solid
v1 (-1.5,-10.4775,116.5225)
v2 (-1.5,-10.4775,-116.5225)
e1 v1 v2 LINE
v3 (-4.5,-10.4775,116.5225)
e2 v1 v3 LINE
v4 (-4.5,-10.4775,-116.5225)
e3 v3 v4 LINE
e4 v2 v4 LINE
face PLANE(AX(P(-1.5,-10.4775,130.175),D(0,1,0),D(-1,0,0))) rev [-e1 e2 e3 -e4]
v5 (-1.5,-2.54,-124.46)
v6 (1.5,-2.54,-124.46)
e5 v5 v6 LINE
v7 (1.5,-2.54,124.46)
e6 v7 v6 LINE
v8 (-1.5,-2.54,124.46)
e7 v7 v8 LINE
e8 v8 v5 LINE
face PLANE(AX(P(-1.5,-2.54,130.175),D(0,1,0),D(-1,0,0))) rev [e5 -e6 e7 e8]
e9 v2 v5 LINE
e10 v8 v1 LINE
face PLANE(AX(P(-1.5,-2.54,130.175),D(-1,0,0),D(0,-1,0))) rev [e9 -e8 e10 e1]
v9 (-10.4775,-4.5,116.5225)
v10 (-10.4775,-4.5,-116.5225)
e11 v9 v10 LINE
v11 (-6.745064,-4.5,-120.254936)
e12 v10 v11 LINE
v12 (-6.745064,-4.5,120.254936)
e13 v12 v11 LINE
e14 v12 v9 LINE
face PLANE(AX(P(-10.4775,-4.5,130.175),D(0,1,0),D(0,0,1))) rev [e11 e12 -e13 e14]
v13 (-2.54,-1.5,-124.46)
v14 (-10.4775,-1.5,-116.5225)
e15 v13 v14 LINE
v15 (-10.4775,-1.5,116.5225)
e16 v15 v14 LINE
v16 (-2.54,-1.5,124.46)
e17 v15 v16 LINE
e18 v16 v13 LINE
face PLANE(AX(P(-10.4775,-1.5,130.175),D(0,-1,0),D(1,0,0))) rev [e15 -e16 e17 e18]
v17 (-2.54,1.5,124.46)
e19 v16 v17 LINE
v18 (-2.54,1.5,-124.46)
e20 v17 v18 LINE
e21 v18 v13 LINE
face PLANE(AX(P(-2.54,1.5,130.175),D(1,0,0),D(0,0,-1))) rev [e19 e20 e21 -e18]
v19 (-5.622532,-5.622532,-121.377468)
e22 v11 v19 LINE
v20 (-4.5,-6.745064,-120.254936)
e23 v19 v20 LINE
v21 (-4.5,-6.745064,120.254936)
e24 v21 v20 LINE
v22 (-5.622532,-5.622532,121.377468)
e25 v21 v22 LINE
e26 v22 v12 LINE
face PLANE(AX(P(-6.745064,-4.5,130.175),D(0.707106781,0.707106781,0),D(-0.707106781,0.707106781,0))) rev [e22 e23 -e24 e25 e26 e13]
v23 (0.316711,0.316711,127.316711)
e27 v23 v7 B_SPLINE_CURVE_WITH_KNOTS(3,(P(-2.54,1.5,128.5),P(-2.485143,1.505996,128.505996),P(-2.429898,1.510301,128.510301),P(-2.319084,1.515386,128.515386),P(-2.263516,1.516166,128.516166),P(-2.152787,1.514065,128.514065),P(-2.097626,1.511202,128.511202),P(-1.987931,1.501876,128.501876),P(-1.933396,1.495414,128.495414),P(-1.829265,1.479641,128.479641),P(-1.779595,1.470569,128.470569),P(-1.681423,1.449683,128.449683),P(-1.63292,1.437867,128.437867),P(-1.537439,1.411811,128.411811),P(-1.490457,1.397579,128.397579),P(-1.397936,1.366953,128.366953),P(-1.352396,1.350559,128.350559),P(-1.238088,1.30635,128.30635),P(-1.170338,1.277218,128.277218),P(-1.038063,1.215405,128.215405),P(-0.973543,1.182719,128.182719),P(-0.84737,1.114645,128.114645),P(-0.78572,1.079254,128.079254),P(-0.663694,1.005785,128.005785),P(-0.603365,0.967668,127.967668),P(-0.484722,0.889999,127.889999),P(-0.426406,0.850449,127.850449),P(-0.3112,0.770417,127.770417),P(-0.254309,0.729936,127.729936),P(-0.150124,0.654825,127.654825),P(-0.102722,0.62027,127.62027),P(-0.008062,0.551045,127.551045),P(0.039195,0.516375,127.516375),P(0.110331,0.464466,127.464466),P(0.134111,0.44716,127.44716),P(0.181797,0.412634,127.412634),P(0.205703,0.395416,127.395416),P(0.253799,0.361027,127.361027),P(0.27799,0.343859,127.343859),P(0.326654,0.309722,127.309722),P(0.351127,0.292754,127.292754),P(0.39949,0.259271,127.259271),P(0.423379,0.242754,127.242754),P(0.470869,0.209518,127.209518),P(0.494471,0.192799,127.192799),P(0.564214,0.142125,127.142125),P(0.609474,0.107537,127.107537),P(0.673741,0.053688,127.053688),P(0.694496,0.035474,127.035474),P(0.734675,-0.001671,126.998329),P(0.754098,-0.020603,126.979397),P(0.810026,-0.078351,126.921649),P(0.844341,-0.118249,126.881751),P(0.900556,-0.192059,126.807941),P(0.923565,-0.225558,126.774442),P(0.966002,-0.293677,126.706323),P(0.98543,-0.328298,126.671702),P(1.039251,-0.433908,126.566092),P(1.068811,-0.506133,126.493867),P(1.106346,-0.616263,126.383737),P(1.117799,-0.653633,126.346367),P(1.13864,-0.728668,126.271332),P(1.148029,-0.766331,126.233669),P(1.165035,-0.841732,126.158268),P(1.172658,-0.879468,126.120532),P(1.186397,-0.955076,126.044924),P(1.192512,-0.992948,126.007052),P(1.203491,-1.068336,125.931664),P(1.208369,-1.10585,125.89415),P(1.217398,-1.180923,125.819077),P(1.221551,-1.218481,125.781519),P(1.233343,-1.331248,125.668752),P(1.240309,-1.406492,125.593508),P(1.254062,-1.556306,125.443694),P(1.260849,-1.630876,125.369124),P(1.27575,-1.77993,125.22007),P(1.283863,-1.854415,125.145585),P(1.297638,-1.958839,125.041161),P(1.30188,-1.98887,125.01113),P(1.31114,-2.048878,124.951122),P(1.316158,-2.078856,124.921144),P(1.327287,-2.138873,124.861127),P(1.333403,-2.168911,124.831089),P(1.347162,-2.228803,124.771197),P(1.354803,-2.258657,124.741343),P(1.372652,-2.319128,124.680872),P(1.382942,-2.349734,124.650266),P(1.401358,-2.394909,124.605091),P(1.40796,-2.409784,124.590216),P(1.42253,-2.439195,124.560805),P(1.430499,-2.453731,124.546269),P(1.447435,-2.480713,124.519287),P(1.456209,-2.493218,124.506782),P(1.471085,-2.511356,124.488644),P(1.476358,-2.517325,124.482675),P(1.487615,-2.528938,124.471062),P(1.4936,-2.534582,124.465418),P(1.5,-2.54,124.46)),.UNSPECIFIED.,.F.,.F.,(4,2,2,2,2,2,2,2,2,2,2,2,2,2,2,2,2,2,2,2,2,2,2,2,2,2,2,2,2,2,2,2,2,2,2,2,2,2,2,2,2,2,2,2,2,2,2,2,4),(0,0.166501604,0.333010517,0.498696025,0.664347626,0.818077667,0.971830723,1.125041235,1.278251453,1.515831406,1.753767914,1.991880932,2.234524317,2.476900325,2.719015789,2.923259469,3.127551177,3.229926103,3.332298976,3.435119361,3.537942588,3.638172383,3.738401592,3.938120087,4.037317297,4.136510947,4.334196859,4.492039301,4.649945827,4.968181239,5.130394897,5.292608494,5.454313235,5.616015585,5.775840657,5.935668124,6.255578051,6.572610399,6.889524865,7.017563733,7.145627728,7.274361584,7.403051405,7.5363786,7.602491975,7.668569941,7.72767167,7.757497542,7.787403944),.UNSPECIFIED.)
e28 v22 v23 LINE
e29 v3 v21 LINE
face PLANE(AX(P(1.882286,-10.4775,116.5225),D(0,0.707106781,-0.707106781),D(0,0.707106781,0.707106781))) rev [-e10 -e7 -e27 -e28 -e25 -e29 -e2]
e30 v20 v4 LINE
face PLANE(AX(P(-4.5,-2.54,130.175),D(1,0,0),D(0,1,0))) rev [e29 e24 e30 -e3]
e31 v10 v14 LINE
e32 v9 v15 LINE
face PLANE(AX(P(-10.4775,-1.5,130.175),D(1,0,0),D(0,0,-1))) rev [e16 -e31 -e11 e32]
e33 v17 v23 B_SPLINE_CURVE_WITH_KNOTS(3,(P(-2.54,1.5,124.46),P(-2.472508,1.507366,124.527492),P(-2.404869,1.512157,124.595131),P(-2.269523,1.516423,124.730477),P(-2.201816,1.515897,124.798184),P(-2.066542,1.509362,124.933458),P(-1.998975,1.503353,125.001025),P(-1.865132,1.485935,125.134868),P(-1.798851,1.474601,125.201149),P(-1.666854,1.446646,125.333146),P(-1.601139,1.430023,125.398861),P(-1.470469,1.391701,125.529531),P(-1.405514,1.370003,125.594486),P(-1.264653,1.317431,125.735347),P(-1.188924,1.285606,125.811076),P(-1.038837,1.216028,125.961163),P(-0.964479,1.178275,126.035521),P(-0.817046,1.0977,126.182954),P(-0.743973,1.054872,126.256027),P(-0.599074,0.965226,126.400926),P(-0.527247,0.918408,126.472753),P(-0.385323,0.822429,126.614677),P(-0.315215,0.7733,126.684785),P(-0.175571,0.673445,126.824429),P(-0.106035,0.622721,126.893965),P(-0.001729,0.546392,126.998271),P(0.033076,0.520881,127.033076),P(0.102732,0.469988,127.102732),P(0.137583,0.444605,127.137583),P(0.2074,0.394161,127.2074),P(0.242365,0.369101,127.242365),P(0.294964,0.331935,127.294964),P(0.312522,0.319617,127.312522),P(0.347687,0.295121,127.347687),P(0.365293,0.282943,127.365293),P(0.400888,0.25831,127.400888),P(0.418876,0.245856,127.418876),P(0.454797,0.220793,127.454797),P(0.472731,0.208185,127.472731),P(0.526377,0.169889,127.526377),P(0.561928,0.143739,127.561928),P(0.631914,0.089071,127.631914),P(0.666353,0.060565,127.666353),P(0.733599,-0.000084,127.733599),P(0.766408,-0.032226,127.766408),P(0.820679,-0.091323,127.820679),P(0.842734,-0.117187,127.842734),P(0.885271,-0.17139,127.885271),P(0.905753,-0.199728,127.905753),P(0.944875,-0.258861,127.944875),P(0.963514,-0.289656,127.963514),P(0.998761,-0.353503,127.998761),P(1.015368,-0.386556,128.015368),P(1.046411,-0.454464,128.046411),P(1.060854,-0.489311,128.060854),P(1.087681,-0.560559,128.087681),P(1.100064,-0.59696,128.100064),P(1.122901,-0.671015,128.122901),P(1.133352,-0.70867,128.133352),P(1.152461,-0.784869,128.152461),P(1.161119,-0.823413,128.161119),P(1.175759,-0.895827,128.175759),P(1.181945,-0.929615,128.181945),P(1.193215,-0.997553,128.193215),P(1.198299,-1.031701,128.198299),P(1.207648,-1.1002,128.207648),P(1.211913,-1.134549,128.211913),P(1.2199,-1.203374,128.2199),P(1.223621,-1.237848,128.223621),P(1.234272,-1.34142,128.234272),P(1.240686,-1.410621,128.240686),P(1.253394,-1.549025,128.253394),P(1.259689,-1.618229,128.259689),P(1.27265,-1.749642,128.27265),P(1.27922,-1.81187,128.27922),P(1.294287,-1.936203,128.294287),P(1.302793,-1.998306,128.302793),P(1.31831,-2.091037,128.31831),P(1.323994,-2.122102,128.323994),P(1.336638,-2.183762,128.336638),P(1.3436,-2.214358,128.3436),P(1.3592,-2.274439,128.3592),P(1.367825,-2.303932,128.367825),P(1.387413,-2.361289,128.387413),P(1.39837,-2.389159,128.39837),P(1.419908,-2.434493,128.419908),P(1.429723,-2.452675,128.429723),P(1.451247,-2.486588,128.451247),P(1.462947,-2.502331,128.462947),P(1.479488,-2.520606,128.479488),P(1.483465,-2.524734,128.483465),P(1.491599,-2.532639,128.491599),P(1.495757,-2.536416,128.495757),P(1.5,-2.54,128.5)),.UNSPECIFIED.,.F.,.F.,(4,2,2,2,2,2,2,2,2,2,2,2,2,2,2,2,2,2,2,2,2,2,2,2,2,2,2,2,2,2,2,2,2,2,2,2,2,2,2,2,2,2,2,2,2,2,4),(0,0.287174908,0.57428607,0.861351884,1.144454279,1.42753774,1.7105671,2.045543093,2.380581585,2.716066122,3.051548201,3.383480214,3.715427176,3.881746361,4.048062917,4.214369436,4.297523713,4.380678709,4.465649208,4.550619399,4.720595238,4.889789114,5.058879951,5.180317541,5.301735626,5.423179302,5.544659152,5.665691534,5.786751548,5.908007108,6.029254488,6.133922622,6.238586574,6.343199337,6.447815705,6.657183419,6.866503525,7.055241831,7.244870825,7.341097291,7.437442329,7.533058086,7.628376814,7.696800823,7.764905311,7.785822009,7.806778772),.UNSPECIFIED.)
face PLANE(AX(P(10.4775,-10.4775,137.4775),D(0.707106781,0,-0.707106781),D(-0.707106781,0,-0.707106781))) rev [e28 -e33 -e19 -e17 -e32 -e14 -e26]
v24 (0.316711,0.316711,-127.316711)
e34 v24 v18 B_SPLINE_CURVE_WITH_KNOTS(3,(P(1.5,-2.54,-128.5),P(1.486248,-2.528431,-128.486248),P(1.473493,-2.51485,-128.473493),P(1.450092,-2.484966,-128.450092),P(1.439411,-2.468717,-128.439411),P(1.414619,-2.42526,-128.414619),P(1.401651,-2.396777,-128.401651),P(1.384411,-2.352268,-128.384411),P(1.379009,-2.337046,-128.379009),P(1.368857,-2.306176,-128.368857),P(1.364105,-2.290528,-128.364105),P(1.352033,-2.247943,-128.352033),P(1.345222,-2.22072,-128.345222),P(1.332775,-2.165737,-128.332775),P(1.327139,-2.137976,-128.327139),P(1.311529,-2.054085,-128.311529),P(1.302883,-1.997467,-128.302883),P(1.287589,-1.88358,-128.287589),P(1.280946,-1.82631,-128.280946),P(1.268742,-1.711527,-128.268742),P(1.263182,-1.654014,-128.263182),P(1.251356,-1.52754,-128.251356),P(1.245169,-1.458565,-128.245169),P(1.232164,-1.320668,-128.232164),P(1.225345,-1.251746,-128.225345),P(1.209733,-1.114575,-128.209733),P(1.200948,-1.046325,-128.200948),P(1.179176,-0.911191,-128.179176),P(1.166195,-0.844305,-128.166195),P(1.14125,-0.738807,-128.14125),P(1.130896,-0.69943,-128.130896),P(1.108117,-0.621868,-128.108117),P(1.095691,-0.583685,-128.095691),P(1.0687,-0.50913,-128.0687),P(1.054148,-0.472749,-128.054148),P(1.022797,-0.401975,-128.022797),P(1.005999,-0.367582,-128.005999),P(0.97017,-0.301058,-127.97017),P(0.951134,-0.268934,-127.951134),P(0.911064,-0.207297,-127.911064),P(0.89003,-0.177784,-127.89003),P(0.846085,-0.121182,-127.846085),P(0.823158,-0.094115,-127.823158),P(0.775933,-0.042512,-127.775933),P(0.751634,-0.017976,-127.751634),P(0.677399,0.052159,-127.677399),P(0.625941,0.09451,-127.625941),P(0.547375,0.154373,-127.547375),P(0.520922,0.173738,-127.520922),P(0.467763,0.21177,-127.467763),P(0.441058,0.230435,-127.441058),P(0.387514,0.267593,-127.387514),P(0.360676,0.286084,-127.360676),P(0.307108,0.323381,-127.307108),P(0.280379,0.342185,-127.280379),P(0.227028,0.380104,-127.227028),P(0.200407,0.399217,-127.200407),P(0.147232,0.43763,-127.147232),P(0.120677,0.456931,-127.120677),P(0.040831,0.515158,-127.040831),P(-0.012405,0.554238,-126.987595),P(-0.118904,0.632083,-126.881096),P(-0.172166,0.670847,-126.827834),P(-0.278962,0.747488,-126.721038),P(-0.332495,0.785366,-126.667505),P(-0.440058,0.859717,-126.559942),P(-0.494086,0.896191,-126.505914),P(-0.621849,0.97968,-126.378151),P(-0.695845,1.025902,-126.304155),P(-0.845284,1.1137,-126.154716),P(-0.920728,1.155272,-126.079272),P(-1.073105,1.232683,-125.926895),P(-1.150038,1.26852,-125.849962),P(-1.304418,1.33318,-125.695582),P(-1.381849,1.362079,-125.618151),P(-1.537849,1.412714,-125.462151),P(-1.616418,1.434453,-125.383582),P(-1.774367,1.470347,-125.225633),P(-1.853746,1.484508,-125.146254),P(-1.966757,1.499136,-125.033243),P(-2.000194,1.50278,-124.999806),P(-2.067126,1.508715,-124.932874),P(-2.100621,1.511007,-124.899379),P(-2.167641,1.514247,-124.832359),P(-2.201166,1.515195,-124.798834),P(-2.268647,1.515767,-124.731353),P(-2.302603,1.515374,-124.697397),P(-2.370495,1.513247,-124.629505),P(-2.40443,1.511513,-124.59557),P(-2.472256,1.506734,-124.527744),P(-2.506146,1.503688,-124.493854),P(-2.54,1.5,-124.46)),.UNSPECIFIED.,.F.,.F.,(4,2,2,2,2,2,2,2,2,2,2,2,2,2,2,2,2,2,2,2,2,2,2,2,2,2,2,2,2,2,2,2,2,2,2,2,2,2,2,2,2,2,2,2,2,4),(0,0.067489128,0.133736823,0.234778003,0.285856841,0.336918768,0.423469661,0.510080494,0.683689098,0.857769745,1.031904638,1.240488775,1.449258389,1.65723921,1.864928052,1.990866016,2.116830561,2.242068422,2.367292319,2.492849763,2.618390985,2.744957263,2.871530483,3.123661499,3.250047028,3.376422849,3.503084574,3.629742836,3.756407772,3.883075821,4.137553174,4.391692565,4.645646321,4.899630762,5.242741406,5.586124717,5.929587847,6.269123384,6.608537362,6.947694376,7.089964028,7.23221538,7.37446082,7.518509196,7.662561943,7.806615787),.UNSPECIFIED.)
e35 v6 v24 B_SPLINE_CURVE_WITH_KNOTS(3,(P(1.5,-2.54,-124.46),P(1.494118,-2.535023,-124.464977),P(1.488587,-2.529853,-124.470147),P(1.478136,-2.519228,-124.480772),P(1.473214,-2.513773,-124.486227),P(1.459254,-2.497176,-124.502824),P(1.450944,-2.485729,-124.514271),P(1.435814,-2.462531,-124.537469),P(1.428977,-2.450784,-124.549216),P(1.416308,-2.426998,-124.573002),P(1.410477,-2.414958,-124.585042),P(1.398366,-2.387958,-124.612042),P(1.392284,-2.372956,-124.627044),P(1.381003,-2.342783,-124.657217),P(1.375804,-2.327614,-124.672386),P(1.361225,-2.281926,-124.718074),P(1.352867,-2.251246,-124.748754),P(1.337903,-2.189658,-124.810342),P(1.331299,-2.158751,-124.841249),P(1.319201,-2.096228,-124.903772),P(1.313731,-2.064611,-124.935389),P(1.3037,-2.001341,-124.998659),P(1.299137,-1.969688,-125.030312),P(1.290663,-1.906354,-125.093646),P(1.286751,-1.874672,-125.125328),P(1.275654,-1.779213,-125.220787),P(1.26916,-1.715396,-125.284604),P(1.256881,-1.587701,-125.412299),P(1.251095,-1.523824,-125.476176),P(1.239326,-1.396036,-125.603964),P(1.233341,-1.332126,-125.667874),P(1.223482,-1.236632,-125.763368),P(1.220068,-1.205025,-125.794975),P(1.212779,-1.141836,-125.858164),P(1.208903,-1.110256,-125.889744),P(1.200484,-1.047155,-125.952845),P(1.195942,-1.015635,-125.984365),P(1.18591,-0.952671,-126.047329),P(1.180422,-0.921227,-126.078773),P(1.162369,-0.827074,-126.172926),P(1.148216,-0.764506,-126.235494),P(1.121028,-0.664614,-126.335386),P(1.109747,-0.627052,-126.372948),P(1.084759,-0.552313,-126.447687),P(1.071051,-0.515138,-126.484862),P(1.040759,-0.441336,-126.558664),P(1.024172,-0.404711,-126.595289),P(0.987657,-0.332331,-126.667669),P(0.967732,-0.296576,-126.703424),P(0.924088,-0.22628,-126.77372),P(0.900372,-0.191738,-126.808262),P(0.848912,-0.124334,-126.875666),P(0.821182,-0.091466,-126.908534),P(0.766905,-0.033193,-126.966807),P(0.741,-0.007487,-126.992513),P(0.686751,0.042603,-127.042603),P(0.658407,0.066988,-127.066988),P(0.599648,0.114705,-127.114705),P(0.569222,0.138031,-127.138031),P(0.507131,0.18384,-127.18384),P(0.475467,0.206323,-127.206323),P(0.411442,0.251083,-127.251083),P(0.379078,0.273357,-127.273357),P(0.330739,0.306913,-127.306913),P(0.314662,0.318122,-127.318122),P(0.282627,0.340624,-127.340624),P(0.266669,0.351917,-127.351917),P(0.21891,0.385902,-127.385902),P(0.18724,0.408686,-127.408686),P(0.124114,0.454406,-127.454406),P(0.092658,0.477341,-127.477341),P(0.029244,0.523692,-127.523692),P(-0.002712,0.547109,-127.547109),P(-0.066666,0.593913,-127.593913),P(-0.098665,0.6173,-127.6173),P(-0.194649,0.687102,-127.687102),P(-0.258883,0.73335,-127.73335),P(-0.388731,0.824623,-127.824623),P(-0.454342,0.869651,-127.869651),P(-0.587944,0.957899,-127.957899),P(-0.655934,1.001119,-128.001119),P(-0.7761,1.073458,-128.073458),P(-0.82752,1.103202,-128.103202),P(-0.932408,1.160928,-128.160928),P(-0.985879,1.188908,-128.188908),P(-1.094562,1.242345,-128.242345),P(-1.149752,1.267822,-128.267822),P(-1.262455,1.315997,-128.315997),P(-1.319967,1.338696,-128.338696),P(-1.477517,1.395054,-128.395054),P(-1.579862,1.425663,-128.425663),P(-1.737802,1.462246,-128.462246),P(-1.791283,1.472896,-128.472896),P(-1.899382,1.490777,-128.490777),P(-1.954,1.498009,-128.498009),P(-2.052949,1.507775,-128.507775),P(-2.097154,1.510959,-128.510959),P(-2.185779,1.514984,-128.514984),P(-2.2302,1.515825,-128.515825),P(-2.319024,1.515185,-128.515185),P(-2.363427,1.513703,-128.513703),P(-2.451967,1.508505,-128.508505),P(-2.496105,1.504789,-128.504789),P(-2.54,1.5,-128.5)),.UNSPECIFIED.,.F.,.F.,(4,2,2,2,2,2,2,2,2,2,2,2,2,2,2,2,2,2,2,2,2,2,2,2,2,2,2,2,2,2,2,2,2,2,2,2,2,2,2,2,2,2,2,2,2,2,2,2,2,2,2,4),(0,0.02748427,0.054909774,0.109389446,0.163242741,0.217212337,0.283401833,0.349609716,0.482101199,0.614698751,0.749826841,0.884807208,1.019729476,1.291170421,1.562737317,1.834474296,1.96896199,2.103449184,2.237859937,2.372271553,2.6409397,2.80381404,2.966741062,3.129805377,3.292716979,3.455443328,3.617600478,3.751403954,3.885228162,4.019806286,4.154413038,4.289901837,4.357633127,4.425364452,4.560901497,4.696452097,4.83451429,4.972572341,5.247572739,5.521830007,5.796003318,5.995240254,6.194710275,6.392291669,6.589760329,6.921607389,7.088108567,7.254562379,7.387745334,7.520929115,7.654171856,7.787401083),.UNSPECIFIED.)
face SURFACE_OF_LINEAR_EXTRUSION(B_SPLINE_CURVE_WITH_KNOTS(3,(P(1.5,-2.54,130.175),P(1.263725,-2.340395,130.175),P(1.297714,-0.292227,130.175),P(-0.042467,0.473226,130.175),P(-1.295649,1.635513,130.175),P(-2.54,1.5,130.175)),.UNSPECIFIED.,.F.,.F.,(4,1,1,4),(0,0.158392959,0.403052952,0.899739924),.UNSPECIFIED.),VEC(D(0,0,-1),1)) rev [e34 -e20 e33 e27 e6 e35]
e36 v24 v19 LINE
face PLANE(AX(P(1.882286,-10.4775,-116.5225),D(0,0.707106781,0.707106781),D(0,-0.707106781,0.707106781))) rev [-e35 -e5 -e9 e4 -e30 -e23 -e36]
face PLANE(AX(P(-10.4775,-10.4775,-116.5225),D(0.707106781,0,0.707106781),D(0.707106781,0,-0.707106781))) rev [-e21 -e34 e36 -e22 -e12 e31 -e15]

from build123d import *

# Parameters (mm, degrees)
SKETCH7_W               = 7.9375
SKETCH7_H               = 3.000000096
BOSS_EXTRUDE2_DEPTH     = 130.175
SKETCH8_W               = 3.000000096
SKETCH8_H               = 7.9375
BOSS_EXTRUDE3_DEPTH     = 130.175
BOSS_EXTRUDE4_DEPTH     = 130.175
CUT_EXTRUDE4_DEPTH      = 132.01559704
CUT_EXTRUDE4_DEPTH_BACK = 132.01559704
CUT_EXTRUDE5_DEPTH      = 130.351482615
CUT_EXTRUDE5_DEPTH_BACK = 130.351482615


with BuildPart() as part:
    # Sketch7 → Boss-Extrude2 (new, symmetric)
    with BuildSketch(Plane.XY):
        with Locations((-6.50875, -3.000000096)):
            Rectangle(SKETCH7_W, SKETCH7_H)
    extrude(amount=BOSS_EXTRUDE2_DEPTH, both=True)

    # Sketch8 → Boss-Extrude3 (add, symmetric)
    with BuildSketch(Plane.XY):
        with Locations((-3.000000096, -6.50875)):
            Rectangle(SKETCH8_W, SKETCH8_H)
    extrude(amount=BOSS_EXTRUDE3_DEPTH, both=True)

    # Sketch11 → Boss-Extrude4 (add, symmetric)
    with BuildSketch(Plane.XY):
        with BuildLine():
            Line((-2.54, 1.500000048), (-2.54, -1.500000048))
            Line((-2.54, -1.500000048), (-10.4775, -1.500000048))
            Line((-10.4775, -1.500000048), (-10.4775, -4.500000144))
            Line((-10.4775, -4.500000144), (-6.745064174, -4.500000144))
            Line((-6.745064174, -4.500000144), (-4.500000144, -6.745064174))
            Line((-4.500000144, -6.745064174), (-4.500000144, -10.4775))
            Line((-4.500000144, -10.4775), (-1.500000048, -10.4775))
            Line((-1.500000048, -10.4775), (-1.500000048, -2.54))
            Line((-1.500000048, -2.54), (1.500000048, -2.54))
            add(Edge.make_bspline(
                [(-2.54, 1.500000048), (-1.295649087, 1.635512934), (-0.042467258, 0.473225958), (1.297713539, -0.292226779), (1.263724591, -2.340394541), (1.500000048, -2.54)],
                knots=[0, 0, 0, 0, 0.496686972, 0.741346965, 0.899739924, 0.899739924, 0.899739924, 0.899739924], degree=3))
        make_face()
    extrude(amount=BOSS_EXTRUDE4_DEPTH, both=True)

    # Sketch14 → Cut-Extrude4 (cut, two sides: drawn at the far end of the back side and taken through both)
    with BuildSketch(Plane(origin=(0, 0, 0), x_dir=(1, 0, 0), z_dir=(0, 1, 0)).offset(-CUT_EXTRUDE4_DEPTH_BACK)):
        Polygon((-10.4775, -116.5225), (-10.4775, -137.4775), (10.4775, -137.4775), align=None)
        Polygon((-10.4775, 116.5225), (10.4775, 137.4775), (-10.4775, 137.4775), align=None)
    extrude(amount=CUT_EXTRUDE4_DEPTH + CUT_EXTRUDE4_DEPTH_BACK, mode=Mode.SUBTRACT)

    # Sketch17 → Cut-Extrude5 (cut, two sides: drawn at the far end of the back side and taken through both)
    with BuildSketch(Plane(origin=(0, 0, 0), x_dir=(0, -1, 0), z_dir=(-1, 0, 0)).offset(-CUT_EXTRUDE5_DEPTH_BACK)):
        Polygon((10.4775, 137.4775), (10.4775, 116.5225), (-10.4775, 137.4775), align=None)
        Polygon((10.4775, -116.5225), (-10.4775, -137.4775), (10.4775, -137.4775), align=None)
    extrude(amount=CUT_EXTRUDE5_DEPTH + CUT_EXTRUDE5_DEPTH_BACK, mode=Mode.SUBTRACT)


solid = part.part
